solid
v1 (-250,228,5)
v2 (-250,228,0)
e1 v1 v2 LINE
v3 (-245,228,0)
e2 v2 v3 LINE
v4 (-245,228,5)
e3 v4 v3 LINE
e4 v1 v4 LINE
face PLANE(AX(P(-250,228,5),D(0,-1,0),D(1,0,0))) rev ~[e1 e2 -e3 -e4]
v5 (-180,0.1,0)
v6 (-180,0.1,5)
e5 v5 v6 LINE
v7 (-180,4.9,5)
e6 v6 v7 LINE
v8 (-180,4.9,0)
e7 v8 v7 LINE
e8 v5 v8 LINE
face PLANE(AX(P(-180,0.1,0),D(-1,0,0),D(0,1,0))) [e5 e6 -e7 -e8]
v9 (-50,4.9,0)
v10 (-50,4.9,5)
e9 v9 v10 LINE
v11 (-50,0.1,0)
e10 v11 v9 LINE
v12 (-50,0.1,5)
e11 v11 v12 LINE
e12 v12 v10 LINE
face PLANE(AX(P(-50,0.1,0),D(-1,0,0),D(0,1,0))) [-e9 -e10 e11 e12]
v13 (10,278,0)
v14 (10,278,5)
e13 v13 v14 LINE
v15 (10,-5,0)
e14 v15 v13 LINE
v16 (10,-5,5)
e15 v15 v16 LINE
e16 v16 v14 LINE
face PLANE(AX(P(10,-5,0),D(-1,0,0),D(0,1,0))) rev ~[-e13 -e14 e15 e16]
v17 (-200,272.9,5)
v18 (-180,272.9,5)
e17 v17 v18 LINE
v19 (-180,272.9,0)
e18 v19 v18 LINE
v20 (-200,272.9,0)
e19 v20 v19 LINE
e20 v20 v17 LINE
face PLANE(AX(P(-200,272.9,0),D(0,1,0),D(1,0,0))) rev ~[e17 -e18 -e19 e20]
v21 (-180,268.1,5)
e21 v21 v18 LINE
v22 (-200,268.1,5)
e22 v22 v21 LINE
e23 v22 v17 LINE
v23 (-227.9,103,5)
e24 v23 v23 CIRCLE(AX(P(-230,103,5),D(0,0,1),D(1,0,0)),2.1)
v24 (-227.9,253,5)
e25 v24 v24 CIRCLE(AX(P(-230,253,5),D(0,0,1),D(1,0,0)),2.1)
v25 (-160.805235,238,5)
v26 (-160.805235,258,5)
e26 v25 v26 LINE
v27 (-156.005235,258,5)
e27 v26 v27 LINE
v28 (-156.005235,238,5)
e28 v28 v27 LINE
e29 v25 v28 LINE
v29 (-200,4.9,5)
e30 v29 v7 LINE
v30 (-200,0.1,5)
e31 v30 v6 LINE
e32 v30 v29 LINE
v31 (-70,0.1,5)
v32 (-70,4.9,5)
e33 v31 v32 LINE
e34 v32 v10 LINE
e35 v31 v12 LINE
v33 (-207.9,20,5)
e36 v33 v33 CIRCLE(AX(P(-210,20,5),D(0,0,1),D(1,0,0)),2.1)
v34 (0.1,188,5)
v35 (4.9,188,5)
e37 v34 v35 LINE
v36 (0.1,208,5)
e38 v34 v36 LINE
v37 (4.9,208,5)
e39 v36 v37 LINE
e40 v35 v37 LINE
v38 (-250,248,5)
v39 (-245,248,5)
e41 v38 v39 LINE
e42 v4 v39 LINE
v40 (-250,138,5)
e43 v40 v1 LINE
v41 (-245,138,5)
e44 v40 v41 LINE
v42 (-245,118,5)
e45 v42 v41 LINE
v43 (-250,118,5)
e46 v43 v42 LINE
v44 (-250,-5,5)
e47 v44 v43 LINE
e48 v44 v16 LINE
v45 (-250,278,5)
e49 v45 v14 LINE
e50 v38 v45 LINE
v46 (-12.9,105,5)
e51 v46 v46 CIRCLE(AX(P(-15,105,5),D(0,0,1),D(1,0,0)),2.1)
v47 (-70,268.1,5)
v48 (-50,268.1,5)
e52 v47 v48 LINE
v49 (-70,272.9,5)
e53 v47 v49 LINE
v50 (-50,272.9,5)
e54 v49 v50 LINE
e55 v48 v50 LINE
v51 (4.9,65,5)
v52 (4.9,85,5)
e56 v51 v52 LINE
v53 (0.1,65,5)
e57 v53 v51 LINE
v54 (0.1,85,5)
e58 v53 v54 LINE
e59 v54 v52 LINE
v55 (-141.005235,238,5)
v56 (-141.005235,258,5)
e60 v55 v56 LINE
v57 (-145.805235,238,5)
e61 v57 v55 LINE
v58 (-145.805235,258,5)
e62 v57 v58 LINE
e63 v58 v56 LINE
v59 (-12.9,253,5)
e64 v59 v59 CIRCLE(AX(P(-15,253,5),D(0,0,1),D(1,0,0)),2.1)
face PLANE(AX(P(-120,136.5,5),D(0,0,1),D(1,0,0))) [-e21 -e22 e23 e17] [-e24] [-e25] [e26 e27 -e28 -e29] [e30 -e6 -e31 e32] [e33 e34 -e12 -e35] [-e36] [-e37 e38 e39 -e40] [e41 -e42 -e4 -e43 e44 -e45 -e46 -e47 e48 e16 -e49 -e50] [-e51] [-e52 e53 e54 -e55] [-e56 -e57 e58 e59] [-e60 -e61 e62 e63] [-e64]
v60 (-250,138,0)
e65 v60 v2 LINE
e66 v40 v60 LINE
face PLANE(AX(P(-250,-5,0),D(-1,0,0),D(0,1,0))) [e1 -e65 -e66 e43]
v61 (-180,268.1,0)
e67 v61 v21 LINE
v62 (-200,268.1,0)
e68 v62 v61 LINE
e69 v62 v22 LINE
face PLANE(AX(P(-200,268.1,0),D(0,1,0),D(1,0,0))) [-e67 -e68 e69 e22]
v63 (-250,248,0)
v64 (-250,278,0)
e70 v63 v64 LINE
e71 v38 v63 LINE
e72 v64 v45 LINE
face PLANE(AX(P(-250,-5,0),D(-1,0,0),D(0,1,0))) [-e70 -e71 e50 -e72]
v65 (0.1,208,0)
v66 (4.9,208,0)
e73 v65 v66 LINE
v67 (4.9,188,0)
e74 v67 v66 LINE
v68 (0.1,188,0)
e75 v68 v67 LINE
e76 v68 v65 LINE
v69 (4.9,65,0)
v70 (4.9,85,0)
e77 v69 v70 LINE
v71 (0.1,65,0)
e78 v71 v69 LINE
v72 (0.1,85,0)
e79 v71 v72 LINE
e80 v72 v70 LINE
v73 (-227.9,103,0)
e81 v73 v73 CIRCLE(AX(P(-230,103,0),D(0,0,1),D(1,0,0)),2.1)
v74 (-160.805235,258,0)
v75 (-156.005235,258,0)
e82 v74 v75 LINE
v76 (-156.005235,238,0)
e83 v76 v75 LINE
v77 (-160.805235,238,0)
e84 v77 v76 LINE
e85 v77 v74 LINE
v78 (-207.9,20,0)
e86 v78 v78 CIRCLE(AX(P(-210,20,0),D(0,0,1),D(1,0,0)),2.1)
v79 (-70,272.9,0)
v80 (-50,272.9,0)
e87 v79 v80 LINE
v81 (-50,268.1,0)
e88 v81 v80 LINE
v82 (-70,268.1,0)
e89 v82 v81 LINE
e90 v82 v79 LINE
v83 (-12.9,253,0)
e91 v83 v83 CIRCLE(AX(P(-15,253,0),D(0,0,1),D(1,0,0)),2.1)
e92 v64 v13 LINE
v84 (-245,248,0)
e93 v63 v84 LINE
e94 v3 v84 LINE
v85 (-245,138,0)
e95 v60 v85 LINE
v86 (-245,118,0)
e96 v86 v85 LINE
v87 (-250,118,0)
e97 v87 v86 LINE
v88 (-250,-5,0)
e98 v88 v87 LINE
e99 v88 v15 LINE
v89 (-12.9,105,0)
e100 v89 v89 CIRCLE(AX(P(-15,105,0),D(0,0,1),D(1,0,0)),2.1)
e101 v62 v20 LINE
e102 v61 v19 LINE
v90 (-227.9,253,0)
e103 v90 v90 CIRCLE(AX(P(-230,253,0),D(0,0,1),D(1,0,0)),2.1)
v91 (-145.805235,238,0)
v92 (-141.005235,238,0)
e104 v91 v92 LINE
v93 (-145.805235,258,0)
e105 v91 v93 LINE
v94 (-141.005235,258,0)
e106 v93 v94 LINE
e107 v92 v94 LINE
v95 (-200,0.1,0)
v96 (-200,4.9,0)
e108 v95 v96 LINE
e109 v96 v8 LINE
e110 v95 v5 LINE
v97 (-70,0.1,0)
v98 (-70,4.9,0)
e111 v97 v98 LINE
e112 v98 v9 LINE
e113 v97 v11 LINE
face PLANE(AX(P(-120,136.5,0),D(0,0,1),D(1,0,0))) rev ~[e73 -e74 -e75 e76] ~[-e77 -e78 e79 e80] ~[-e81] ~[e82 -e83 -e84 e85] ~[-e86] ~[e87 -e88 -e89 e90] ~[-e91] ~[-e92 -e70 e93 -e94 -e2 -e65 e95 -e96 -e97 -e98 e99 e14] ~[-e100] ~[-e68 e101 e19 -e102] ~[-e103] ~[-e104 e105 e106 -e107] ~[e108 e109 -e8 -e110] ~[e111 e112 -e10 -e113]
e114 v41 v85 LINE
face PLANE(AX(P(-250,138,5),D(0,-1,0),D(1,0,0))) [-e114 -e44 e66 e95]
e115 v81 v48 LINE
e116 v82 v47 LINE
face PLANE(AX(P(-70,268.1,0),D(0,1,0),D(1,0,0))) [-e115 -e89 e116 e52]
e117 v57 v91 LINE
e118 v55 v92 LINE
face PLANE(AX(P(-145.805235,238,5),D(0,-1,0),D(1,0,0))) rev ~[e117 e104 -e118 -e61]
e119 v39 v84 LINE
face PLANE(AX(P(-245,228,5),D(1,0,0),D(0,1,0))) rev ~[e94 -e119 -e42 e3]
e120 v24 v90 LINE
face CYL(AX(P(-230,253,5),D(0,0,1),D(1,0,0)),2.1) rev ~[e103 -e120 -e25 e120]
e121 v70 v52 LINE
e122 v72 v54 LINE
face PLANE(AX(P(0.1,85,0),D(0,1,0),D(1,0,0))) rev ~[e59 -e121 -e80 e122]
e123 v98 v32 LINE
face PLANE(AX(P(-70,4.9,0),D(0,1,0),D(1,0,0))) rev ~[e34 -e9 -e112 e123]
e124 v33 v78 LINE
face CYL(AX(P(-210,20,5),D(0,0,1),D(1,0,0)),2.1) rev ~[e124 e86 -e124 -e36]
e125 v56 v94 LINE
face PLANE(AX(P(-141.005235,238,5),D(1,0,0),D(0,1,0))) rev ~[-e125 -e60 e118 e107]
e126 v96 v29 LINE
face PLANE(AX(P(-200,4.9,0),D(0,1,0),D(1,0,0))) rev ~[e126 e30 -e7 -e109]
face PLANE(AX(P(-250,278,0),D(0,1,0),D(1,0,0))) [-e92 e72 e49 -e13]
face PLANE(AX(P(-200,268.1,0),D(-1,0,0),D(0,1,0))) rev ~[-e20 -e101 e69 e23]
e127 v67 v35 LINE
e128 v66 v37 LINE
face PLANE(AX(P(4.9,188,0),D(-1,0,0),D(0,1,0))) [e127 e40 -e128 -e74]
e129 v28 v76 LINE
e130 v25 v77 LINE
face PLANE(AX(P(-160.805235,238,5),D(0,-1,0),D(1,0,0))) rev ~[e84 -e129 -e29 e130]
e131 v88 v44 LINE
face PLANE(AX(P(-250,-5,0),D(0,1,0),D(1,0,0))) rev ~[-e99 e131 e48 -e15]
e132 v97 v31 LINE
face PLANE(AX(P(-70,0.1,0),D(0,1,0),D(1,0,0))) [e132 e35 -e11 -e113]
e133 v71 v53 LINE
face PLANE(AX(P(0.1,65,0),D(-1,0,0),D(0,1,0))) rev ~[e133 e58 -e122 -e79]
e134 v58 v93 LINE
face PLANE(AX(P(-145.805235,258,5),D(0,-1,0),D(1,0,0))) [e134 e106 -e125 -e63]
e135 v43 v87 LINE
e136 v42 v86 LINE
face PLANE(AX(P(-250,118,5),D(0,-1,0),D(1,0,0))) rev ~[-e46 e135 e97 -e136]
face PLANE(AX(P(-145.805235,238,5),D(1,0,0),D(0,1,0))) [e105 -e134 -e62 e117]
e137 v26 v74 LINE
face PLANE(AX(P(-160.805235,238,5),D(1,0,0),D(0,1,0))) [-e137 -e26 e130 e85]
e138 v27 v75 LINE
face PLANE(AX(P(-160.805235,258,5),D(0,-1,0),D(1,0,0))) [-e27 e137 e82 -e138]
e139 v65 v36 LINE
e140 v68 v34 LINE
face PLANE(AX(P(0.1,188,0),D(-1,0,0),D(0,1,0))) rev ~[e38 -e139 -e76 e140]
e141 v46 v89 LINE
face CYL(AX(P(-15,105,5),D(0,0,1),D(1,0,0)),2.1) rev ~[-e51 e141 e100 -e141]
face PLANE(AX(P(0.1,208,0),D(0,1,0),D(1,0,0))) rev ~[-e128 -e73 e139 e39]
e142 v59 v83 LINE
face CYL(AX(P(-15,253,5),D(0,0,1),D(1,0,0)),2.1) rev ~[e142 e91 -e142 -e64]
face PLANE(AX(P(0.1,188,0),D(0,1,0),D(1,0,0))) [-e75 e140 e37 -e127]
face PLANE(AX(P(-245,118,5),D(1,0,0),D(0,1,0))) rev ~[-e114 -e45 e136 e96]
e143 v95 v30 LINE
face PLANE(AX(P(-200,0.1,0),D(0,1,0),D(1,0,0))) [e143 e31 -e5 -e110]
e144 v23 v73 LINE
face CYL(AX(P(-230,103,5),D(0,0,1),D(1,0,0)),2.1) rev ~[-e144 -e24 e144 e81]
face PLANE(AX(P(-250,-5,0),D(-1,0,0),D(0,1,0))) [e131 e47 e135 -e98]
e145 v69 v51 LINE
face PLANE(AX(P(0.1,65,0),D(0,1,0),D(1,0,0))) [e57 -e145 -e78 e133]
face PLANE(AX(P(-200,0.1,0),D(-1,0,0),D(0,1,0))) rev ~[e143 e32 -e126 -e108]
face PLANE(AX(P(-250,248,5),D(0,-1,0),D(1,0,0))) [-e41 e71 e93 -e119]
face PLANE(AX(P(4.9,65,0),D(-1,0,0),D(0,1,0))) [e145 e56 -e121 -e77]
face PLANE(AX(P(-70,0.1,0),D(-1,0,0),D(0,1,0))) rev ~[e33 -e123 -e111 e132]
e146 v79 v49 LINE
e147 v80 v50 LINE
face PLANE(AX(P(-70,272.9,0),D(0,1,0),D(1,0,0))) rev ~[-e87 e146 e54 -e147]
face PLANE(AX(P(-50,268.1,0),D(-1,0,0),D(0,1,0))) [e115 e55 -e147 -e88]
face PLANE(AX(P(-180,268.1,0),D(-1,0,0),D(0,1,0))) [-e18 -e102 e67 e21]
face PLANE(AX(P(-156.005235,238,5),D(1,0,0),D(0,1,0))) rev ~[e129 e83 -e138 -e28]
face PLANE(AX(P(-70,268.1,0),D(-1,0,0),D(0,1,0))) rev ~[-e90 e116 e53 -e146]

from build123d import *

# Parameters (mm, degrees)
SKETCH1_W           = 260
SKETCH1_H           = 283
SKETCH1_W_2         = 20
SKETCH1_H_2         = 4.8
SKETCH1_W_3         = 4.8
SKETCH1_H_3         = 20
BOSS_EXTRUDE1_DEPTH = 5
SKETCH2_W           = 4.8
SKETCH2_H           = 20
CUT_EXTRUDE1_DEPTH  = 5
SKETCH3_R           = 2.1
CUT_EXTRUDE2_DEPTH  = 5
SKETCH4_R           = 2.1
CUT_EXTRUDE3_DEPTH  = 5
SKETCH5_R           = 2.1
CUT_EXTRUDE4_DEPTH  = 5
SKETCH6_R           = 2.1
CUT_EXTRUDE5_DEPTH  = 5
SKETCH7_W           = 5
SKETCH7_H           = 20
CUT_EXTRUDE6_DEPTH  = 10


with BuildPart() as part:
    # Sketch1 → Boss-Extrude1 (new body)
    with BuildSketch(Plane.XY):
        with Locations((-120, 136.5)):
            Rectangle(SKETCH1_W, SKETCH1_H)
        with Locations((-190, 2.5)):
            Rectangle(SKETCH1_W_2, SKETCH1_H_2, mode=Mode.SUBTRACT)
        with Locations((-60, 2.5)):
            Rectangle(SKETCH1_W_2, SKETCH1_H_2, mode=Mode.SUBTRACT)
        with Locations((2.5, 75)):
            Rectangle(SKETCH1_W_3, SKETCH1_H_3, mode=Mode.SUBTRACT)
        with Locations((2.5, 198)):
            Rectangle(SKETCH1_W_3, SKETCH1_H_3, mode=Mode.SUBTRACT)
        with Locations((-60, 270.5)):
            Rectangle(SKETCH1_W_2, SKETCH1_H_2, mode=Mode.SUBTRACT)
        with Locations((-190, 270.5)):
            Rectangle(SKETCH1_W_2, SKETCH1_H_2, mode=Mode.SUBTRACT)
    extrude(amount=BOSS_EXTRUDE1_DEPTH)

    # Sketch2 → Cut-Extrude1 (cut)
    with BuildSketch(Plane.XY.offset(5)):
        with Locations((-143.405234687, 248)):
            Rectangle(SKETCH2_W, SKETCH2_H)
        with Locations((-158.405234687, 248)):
            Rectangle(SKETCH2_W, SKETCH2_H)
    extrude(amount=-CUT_EXTRUDE1_DEPTH, mode=Mode.SUBTRACT)

    # Sketch3 → Cut-Extrude2 (cut)
    with BuildSketch(Plane.XY.offset(5)):
        with Locations((-230, 253)):
            Circle(SKETCH3_R)
        with Locations((-15, 253)):
            Circle(SKETCH3_R)
    extrude(amount=-CUT_EXTRUDE2_DEPTH, mode=Mode.SUBTRACT)

    # Sketch4 → Cut-Extrude3 (cut)
    with BuildSketch(Plane.XY.offset(5)):
        with Locations((-210, 20)):
            Circle(SKETCH4_R)
    extrude(amount=-CUT_EXTRUDE3_DEPTH, mode=Mode.SUBTRACT)

    # Sketch5 → Cut-Extrude4 (cut)
    with BuildSketch(Plane.XY.offset(5)):
        with Locations((-15, 105)):
            Circle(SKETCH5_R)
    extrude(amount=-CUT_EXTRUDE4_DEPTH, mode=Mode.SUBTRACT)

    # Sketch6 → Cut-Extrude5 (cut)
    with BuildSketch(Plane.XY.offset(5)):
        with Locations((-230, 103)):
            Circle(SKETCH6_R)
    extrude(amount=-CUT_EXTRUDE5_DEPTH, mode=Mode.SUBTRACT)

    # Sketch7 → Cut-Extrude6 (cut)
    with BuildSketch(Plane.XY.offset(5)):
        with Locations((-247.5, 238)):
            Rectangle(SKETCH7_W, SKETCH7_H)
        with Locations((-247.5, 128)):
            Rectangle(SKETCH7_W, SKETCH7_H)
    extrude(amount=-CUT_EXTRUDE6_DEPTH, mode=Mode.SUBTRACT)


solid = part.part
